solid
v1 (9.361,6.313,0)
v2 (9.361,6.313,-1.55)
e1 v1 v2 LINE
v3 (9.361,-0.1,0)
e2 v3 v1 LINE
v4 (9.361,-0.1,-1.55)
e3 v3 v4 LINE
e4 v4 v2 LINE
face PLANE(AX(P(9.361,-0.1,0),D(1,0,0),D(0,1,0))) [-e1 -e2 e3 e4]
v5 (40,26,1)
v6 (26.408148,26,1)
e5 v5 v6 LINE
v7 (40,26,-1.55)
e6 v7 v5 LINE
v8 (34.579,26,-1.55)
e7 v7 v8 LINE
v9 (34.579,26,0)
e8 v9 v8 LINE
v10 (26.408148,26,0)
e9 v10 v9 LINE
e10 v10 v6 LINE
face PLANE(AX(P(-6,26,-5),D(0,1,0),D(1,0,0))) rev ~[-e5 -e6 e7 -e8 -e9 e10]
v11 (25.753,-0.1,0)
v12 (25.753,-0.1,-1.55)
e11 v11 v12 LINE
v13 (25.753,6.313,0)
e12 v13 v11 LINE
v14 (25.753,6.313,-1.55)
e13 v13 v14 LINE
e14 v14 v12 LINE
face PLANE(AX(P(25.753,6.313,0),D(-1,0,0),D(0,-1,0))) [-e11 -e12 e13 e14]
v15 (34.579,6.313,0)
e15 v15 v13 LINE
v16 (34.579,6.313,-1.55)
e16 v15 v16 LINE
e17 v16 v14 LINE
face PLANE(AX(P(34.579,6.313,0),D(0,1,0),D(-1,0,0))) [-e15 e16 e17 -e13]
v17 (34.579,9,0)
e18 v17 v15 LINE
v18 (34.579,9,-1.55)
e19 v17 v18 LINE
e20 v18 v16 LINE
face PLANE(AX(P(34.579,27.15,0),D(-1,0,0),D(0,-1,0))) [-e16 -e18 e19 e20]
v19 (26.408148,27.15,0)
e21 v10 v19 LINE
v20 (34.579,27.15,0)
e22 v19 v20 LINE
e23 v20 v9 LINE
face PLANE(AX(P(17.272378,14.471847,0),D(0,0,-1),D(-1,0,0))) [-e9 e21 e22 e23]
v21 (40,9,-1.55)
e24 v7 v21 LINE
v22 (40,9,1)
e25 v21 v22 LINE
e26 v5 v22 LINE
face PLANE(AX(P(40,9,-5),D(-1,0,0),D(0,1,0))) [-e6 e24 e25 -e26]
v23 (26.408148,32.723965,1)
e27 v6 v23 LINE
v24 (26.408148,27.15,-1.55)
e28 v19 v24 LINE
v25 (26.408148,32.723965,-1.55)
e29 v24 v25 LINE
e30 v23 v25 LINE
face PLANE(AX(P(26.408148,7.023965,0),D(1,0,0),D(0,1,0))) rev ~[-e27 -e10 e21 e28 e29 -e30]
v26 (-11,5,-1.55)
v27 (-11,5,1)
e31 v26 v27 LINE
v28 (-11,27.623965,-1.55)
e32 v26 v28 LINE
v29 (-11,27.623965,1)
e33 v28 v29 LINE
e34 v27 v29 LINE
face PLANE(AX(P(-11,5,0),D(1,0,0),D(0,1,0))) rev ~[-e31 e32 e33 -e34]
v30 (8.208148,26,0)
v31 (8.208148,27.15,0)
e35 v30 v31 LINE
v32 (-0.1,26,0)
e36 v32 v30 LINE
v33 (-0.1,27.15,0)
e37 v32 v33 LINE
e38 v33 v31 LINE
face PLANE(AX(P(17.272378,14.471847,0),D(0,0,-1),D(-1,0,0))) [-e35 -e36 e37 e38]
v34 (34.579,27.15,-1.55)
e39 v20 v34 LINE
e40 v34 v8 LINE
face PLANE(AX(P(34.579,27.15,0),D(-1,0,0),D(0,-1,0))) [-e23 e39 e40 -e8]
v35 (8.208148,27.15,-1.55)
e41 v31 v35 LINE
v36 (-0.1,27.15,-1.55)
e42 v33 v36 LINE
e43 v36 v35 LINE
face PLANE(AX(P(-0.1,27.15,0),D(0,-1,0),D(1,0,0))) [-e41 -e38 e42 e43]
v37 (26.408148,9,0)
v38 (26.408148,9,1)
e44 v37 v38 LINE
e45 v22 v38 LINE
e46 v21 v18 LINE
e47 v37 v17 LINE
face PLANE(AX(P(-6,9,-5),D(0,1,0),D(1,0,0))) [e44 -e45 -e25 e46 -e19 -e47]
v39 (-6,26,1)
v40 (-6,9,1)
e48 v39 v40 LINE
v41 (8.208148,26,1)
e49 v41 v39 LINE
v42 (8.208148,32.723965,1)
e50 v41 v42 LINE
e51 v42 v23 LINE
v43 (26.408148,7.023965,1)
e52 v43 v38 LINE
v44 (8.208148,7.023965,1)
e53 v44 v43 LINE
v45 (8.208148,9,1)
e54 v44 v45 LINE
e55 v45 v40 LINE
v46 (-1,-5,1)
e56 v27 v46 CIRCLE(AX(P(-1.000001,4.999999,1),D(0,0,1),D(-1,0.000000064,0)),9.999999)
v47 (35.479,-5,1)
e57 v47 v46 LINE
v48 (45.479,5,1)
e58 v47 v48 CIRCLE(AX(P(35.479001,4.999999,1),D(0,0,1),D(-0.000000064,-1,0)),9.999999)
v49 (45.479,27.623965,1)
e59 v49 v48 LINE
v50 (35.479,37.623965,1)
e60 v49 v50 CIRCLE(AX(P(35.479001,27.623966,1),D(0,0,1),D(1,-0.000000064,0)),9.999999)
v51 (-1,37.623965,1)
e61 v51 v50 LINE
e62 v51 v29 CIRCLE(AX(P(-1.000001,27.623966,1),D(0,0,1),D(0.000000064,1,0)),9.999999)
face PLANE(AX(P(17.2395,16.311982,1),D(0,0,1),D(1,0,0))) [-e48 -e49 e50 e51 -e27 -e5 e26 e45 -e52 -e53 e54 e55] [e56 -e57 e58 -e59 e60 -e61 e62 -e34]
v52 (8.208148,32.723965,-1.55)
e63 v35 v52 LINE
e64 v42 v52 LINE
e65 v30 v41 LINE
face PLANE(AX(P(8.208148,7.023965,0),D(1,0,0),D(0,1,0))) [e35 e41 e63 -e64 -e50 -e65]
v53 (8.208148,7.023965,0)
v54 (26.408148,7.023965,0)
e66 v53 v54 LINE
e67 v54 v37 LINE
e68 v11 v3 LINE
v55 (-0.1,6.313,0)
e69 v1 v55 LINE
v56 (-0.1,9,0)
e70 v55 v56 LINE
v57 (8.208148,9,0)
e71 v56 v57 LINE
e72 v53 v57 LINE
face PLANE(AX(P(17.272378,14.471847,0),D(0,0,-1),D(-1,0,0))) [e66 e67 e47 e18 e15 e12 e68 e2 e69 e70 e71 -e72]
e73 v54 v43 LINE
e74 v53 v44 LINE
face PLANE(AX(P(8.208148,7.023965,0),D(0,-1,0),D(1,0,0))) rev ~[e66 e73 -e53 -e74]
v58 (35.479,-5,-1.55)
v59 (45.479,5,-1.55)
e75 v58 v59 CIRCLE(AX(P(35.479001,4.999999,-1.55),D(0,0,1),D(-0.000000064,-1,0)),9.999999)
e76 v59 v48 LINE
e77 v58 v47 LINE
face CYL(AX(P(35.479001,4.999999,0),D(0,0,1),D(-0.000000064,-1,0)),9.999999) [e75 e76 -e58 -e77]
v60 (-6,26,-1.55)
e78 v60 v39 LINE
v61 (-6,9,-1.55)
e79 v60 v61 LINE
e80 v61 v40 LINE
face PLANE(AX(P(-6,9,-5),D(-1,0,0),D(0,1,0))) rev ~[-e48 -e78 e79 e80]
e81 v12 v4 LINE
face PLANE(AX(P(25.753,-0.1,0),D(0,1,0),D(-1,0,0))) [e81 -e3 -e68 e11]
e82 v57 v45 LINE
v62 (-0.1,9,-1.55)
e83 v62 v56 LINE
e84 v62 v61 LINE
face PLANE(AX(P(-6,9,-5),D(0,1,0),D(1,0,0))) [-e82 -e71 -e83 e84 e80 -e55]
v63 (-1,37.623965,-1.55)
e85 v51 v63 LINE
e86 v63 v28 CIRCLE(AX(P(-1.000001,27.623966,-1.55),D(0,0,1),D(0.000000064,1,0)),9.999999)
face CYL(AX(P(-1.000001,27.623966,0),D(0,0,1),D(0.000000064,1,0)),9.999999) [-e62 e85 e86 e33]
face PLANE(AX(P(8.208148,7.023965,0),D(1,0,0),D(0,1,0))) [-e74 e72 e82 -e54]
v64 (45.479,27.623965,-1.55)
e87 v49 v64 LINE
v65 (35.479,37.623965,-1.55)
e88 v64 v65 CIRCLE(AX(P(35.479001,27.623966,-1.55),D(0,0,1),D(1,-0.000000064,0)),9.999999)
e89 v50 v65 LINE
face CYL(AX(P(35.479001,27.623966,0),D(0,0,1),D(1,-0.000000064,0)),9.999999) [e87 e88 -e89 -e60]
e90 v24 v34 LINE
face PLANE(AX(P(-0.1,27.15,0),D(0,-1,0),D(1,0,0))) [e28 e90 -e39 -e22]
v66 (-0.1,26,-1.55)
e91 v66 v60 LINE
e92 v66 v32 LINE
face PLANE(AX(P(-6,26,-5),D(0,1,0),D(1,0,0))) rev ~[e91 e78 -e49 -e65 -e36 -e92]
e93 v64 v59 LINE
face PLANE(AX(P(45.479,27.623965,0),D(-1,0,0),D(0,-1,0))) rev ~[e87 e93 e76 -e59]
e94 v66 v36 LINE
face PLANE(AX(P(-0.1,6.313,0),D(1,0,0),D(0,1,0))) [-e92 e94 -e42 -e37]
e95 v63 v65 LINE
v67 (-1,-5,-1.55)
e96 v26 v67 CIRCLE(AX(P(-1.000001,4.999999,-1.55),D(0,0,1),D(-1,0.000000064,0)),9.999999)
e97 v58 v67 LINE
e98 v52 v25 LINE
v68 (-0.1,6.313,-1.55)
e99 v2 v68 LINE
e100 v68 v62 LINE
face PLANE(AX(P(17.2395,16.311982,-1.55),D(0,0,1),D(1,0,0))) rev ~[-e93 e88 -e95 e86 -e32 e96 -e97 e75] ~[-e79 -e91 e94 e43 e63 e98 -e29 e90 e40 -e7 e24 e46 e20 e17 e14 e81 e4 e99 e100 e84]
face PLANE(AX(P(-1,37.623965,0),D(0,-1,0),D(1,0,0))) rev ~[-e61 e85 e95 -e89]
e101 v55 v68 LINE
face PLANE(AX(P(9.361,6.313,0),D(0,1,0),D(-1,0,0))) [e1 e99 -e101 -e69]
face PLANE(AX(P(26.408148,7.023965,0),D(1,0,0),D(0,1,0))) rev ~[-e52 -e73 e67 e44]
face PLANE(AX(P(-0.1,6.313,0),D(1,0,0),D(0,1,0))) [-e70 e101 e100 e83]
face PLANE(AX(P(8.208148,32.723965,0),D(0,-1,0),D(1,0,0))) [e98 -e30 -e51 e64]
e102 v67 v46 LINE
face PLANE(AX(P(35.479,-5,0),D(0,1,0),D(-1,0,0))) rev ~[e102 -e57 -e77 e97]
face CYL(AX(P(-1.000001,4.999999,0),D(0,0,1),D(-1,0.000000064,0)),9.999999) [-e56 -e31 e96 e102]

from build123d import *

# Parameters (mm, degrees)
EXTRUDE001_DEPTH      = 4
BOX001_W              = 46
BOX001_H              = 17
BOX001_DEPTH          = 10
SKETCH001_W           = 18.2
SKETCH001_H           = 25.7
EXTRUDE_DEPTH         = 10
EXTRUDE002_DEPTH      = 1
EXTRUDE002_DEPTH_BACK = 1.55


with BuildPart() as bottomboard:
    # Sketch002 → Extrude001 (new body)
    with BuildSketch(Plane.XY):
        Polygon((-0.1, 27.15), (34.579, 27.15), (34.579, 6.313), (25.753, 6.313), (25.753, -0.1), (9.361, -0.1), (9.361, 6.313), (-0.1, 6.313), align=None)
    extrude(amount=-EXTRUDE001_DEPTH)


with BuildPart() as solderingkeepout:
    # Box001 → Box001 (new body)
    with BuildSketch(Plane(origin=(-6, 9, -5), x_dir=(1, 0, 0), z_dir=(0, 0, 1))):
        with Locations((23, 8.5)):
            Rectangle(BOX001_W, BOX001_H)
    extrude(amount=BOX001_DEPTH)


with BuildPart() as cutouts:
    # Sketch001 → Extrude (new body, symmetric)
    with BuildSketch(Plane.XY):
        with Locations((17.308148, 19.873965)):
            Rectangle(SKETCH001_W, SKETCH001_H)
    extrude(amount=EXTRUDE_DEPTH, both=True)

    # Fusion: union bottomBoard, solderingKeepout
    add(bottomboard.part)
    add(solderingkeepout.part)


with BuildPart() as mateplate:
    # Sketch003 → Extrude002 (new body, two sides)
    with BuildSketch(Plane.XY) as extrude002_sk:
        with BuildLine():
            ThreePointArc((-1, 37.623965), (-8.071068, 34.695033), (-11, 27.623965))
            Line((-11, 5), (-11, 27.623965))
            ThreePointArc((-11, 5), (-8.071068, -2.071068), (-1, -5))
            Line((35.479, -5), (-1, -5))
            ThreePointArc((35.479, -5), (42.550068, -2.071068), (45.479, 5))
            Line((45.479, 27.623965), (45.479, 5))
            ThreePointArc((45.479, 27.623965), (42.550068, 34.695033), (35.479, 37.623965))
            Line((-1, 37.623965), (35.479, 37.623965))
        make_face()
    extrude(amount=EXTRUDE002_DEPTH)
    extrude(extrude002_sk.sketch, amount=-EXTRUDE002_DEPTH_BACK)

    # Cut: cut CutOuts
    add(cutouts.part, mode=Mode.SUBTRACT)


solid = mateplate.part
